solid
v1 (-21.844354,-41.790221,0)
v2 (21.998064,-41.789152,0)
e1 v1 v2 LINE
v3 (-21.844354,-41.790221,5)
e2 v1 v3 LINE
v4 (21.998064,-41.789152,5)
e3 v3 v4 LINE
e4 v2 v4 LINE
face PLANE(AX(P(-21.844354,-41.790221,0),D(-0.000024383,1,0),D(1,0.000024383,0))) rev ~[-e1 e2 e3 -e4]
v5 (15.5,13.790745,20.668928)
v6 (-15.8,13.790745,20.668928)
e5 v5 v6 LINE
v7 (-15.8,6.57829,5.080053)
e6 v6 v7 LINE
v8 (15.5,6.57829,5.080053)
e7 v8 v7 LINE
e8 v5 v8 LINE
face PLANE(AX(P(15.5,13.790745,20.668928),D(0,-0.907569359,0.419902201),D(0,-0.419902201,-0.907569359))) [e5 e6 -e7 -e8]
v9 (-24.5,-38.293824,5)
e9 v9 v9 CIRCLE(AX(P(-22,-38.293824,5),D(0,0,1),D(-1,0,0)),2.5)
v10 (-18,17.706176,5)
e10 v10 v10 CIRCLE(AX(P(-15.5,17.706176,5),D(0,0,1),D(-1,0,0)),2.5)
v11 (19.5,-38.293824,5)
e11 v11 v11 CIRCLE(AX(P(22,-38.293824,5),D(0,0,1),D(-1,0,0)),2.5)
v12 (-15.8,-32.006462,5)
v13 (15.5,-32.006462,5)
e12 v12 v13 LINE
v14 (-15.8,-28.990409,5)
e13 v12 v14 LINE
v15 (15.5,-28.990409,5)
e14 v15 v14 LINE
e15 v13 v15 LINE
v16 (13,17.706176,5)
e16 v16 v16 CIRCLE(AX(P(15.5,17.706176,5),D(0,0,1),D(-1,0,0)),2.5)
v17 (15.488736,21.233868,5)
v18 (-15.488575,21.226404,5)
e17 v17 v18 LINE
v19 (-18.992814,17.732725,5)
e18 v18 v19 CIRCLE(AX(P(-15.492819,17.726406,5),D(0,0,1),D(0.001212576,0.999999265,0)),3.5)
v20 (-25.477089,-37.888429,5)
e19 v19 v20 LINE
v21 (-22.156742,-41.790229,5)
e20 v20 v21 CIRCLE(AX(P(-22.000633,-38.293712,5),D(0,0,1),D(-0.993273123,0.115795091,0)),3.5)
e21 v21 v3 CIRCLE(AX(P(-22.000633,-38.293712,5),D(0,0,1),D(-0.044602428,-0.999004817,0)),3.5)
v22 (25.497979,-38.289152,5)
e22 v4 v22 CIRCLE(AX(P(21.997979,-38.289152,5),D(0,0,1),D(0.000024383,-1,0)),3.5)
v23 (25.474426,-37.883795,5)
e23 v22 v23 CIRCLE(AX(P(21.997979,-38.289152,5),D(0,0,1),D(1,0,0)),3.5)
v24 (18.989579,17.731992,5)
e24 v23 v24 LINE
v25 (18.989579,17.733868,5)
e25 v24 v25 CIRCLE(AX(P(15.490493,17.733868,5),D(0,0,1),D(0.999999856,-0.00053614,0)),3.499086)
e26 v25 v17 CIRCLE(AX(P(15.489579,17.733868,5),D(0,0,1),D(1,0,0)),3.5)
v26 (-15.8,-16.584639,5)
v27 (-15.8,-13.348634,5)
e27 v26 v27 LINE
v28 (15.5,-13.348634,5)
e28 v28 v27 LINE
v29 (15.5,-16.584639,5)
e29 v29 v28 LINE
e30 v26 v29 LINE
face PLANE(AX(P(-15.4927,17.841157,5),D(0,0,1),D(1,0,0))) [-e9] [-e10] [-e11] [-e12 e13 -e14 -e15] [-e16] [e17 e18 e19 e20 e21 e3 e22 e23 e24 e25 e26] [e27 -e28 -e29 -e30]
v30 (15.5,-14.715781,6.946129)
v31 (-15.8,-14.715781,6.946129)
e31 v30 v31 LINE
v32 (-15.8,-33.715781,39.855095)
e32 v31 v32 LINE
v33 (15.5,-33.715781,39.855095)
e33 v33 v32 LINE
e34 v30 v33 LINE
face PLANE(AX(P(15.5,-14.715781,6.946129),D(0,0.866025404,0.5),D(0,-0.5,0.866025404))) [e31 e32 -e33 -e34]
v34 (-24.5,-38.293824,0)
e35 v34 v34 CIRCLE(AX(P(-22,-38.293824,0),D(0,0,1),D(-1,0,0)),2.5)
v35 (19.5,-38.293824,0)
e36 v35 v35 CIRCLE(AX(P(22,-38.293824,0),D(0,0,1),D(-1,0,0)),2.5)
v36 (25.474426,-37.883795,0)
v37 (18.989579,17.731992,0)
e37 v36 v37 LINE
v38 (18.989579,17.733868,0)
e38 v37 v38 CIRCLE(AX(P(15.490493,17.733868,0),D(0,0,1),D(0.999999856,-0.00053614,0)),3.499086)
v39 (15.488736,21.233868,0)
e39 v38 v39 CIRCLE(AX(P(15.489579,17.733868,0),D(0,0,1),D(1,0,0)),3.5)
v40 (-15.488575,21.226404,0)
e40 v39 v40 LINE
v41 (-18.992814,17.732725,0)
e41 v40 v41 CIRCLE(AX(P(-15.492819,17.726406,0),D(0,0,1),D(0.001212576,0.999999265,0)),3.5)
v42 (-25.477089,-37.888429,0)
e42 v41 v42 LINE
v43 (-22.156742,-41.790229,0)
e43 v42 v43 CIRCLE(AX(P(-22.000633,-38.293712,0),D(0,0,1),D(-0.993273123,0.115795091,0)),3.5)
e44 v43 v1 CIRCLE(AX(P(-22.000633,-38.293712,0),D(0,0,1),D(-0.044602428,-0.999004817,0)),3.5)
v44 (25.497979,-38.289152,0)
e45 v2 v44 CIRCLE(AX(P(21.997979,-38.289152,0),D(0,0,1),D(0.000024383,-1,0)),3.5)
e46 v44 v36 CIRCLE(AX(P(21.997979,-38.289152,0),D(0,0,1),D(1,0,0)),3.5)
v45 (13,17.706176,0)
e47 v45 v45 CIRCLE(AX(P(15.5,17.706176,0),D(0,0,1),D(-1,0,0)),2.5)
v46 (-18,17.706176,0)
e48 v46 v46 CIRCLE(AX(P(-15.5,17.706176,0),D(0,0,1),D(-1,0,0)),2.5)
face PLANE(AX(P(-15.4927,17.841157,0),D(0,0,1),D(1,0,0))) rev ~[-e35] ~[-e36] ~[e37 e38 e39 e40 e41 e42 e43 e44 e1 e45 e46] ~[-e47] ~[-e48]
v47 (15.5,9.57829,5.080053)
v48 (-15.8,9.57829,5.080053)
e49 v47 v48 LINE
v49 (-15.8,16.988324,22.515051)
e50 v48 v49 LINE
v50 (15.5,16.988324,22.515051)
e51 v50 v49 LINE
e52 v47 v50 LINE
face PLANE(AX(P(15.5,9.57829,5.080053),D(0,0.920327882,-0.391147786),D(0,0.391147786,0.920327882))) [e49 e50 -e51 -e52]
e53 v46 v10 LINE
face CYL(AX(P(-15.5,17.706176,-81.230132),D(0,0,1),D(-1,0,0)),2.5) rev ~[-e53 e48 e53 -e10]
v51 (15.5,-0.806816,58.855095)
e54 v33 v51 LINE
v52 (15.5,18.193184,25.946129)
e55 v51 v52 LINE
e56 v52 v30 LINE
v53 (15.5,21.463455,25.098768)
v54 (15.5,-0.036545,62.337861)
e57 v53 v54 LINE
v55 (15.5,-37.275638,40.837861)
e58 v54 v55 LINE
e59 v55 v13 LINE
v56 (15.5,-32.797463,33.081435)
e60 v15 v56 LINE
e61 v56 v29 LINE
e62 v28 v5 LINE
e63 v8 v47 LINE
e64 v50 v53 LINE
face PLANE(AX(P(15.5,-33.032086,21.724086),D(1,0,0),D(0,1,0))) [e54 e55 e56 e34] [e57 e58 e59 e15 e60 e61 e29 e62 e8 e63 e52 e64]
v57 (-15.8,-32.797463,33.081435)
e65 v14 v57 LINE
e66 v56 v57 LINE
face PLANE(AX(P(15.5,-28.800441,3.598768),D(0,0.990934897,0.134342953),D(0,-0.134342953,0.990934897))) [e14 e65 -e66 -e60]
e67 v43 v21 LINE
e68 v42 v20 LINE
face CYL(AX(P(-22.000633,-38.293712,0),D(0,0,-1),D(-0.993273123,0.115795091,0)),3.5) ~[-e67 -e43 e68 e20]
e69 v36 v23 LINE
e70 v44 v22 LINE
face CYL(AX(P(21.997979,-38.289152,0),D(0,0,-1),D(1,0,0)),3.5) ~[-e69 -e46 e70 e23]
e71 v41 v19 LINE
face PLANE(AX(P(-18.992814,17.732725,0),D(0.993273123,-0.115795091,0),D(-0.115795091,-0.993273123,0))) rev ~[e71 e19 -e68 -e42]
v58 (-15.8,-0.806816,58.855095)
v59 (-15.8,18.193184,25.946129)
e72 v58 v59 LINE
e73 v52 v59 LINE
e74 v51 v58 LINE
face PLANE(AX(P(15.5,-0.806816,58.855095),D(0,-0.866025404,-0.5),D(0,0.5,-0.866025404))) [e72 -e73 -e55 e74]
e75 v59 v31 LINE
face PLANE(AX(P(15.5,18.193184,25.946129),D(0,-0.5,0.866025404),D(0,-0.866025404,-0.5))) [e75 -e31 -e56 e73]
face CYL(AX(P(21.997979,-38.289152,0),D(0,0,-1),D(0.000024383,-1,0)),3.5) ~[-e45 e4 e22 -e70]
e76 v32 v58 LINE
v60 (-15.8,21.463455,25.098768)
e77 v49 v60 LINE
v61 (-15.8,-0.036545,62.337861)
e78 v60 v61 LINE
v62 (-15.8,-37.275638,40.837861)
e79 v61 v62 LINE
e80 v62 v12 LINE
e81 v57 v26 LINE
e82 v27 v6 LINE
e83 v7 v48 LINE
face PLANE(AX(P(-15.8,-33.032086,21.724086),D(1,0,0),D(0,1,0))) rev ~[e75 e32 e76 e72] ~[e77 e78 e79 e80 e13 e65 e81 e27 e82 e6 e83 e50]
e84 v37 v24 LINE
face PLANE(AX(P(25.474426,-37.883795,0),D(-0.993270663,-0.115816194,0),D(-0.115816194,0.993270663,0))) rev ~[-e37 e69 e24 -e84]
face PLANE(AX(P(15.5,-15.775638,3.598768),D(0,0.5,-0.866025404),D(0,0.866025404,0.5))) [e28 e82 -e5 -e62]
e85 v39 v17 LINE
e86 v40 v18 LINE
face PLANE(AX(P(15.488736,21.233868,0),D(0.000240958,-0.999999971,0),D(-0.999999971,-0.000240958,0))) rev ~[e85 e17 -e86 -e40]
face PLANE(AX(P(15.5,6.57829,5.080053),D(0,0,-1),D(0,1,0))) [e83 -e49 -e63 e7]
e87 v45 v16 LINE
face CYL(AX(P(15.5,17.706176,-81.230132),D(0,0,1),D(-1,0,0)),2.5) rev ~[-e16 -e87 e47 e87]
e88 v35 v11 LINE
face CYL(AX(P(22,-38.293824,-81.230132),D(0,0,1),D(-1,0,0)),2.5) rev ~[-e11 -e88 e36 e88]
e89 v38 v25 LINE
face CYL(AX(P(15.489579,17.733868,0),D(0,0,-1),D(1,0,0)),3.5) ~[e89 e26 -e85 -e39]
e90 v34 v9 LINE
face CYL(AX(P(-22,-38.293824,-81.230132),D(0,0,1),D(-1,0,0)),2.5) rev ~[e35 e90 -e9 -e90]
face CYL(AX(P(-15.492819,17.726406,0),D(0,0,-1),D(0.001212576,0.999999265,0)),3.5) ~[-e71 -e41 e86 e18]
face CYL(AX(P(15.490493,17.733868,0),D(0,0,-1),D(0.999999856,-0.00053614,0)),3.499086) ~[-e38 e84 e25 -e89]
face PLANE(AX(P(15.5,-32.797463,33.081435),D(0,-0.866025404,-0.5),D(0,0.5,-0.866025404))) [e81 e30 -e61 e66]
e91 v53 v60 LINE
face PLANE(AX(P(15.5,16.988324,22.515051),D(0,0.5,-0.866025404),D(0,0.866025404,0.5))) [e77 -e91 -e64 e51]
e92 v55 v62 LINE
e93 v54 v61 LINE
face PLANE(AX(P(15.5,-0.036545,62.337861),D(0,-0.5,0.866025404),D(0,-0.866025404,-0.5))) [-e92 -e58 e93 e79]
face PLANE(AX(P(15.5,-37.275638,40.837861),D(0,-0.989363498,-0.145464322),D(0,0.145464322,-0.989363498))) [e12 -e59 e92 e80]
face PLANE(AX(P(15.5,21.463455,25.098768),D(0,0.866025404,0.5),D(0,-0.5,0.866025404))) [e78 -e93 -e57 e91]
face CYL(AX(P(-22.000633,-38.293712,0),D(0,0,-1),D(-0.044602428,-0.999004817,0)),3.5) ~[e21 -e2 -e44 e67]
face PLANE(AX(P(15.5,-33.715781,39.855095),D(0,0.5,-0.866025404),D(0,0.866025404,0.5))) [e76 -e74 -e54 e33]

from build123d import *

# Parameters (mm, degrees)
F2_DEPTH = 5
F3_D     = 5
F6_DEPTH = 31.3


with BuildPart() as f2:
    # F1 (on Top) → F2 (new body)
    with BuildSketch(Plane.XY):
        with BuildLine():
            ThreePointArc((-18.9928135453, 17.7327254881), (-15.4959787625, 14.226407891), (-11.9928192496, 17.726406465))
            ThreePointArc((-11.9928192496, 17.726406465), (-13.0164454835, 20.1997792575), (-15.4885752329, 21.2264038919))
            ThreePointArc((-15.4885752329, 21.2264038919), (-17.9639555673, 20.2050119801), (-18.9928135453, 17.7327254881))
        make_face()
        with BuildLine():
            ThreePointArc((-15.4885752329, 21.2264038919), (-13.0164454835, 20.1997792575), (-11.9928192496, 17.726406465))
            ThreePointArc((-11.9928192496, 17.726406465), (-15.4959787625, 14.226407891), (-18.9928135453, 17.7327254881))
            Line((-18.9928135453, 17.7327254881), (-25.4770891107, -37.888429023))
            ThreePointArc((-25.4770891107, -37.888429023), (-21.797650123, -34.7996028161), (-18.5006331801, -38.2937118411))
            ThreePointArc((-18.5006331801, -38.2937118411), (-19.4711098532, -40.7127016589), (-21.8443541735, -41.7902210821))
            Line((-21.8443541735, -41.7902210821), (21.9980642511, -41.7891520748))
            ThreePointArc((21.9980642511, -41.7891520748), (19.3836869362, -35.9620342294), (25.4744262299, -37.8837953968))
            Line((25.4744262299, -37.8837953968), (18.9895786755, 17.7319920337))
            ThreePointArc((18.9895786755, 17.7319920337), (13.0143403088, 15.2593596765), (15.4887358258, 21.2338681198))
            Line((15.4887358258, 21.2338681198), (-15.4885752329, 21.2264038919))
        make_face()
        with BuildLine():
            ThreePointArc((18.9895791784, 17.7338682214), (17.9641547244, 20.2090401077), (15.4887358258, 21.2338681198))
            ThreePointArc((15.4887358258, 21.2338681198), (13.0143403088, 15.2593596765), (18.9895786755, 17.7319920337))
            ThreePointArc((18.9895786755, 17.7319920337), (18.9895790527, 17.7329301275), (18.9895791784, 17.7338682214))
        make_face()
        with BuildLine():
            ThreePointArc((-18.5006331801, -38.2937118411), (-21.797650123, -34.7996028161), (-25.4770891107, -37.888429023))
            ThreePointArc((-25.4770891107, -37.888429023), (-24.6661333689, -40.5619950562), (-22.1567416762, -41.790228699))
            Line((-22.1567416762, -41.790228699), (-21.8443541735, -41.7902210821))
            ThreePointArc((-21.8443541735, -41.7902210821), (-19.4711098532, -40.7127016589), (-18.5006331801, -38.2937118411))
        make_face()
        with BuildLine():
            Line((-21.8443541735, -41.7902210821), (-22.1567416762, -41.790228699))
            ThreePointArc((-22.1567416762, -41.790228699), (-22.0005478398, -41.7937118401), (-21.8443541735, -41.7902210821))
        make_face()
        with BuildLine():
            ThreePointArc((25.4979789108, -38.2891520759), (25.4920857793, -38.0861319007), (25.4744262299, -37.8837953968))
            ThreePointArc((25.4744262299, -37.8837953968), (19.3836869362, -35.9620342294), (21.9980642511, -41.7891520748))
            ThreePointArc((21.9980642511, -41.7891520748), (24.4728828171, -40.7639956375), (25.4979789108, -38.2891520759))
        make_face()
    extrude(amount=F2_DEPTH)

    # F3 (through all)
    with Locations(Plane(origin=(0, 0, 0), x_dir=(1, 0, 0), z_dir=(0, 0, -1))):
        with Locations((-15.5, -17.7061764002), (15.5, -17.7061764002), (-22, 38.2938235998), (22, 38.2938235998)):
            Hole(F3_D / 2)

    # F5 (on offset) → F6 (join)
    with BuildSketch(Plane.YZ.offset(15.5)):
        Polygon((-28.8004414439, 3.5987684969), (-32.7974634149, 33.0814354707), (-37.2756377012, 40.8378608596), (-31.8004414439, 3.5987684969), align=None)
        Polygon((-37.2756377012, 40.8378608596), (-32.7974634149, 33.0814354707), (-15.7756377012, 3.5987684969), (13.7907450582, 20.6689275419), (16.9883244112, 22.5150508422), (21.4634546616, 25.0987684969), (-0.0365453384, 62.3378608596), align=None)
        Polygon((18.1931839084, 25.9461292587), (-14.7157814354, 6.9461292587), (-33.7157814354, 39.8550946025), (-0.8068160916, 58.8550946025), align=None, mode=Mode.SUBTRACT)
        Polygon((16.9883244112, 22.5150508422), (13.7907450582, 20.6689275419), (6.5782903694, 5.0800526515), (9.5782903694, 5.0800526515), align=None)
    extrude(amount=-F6_DEPTH)


solid = f2.part
